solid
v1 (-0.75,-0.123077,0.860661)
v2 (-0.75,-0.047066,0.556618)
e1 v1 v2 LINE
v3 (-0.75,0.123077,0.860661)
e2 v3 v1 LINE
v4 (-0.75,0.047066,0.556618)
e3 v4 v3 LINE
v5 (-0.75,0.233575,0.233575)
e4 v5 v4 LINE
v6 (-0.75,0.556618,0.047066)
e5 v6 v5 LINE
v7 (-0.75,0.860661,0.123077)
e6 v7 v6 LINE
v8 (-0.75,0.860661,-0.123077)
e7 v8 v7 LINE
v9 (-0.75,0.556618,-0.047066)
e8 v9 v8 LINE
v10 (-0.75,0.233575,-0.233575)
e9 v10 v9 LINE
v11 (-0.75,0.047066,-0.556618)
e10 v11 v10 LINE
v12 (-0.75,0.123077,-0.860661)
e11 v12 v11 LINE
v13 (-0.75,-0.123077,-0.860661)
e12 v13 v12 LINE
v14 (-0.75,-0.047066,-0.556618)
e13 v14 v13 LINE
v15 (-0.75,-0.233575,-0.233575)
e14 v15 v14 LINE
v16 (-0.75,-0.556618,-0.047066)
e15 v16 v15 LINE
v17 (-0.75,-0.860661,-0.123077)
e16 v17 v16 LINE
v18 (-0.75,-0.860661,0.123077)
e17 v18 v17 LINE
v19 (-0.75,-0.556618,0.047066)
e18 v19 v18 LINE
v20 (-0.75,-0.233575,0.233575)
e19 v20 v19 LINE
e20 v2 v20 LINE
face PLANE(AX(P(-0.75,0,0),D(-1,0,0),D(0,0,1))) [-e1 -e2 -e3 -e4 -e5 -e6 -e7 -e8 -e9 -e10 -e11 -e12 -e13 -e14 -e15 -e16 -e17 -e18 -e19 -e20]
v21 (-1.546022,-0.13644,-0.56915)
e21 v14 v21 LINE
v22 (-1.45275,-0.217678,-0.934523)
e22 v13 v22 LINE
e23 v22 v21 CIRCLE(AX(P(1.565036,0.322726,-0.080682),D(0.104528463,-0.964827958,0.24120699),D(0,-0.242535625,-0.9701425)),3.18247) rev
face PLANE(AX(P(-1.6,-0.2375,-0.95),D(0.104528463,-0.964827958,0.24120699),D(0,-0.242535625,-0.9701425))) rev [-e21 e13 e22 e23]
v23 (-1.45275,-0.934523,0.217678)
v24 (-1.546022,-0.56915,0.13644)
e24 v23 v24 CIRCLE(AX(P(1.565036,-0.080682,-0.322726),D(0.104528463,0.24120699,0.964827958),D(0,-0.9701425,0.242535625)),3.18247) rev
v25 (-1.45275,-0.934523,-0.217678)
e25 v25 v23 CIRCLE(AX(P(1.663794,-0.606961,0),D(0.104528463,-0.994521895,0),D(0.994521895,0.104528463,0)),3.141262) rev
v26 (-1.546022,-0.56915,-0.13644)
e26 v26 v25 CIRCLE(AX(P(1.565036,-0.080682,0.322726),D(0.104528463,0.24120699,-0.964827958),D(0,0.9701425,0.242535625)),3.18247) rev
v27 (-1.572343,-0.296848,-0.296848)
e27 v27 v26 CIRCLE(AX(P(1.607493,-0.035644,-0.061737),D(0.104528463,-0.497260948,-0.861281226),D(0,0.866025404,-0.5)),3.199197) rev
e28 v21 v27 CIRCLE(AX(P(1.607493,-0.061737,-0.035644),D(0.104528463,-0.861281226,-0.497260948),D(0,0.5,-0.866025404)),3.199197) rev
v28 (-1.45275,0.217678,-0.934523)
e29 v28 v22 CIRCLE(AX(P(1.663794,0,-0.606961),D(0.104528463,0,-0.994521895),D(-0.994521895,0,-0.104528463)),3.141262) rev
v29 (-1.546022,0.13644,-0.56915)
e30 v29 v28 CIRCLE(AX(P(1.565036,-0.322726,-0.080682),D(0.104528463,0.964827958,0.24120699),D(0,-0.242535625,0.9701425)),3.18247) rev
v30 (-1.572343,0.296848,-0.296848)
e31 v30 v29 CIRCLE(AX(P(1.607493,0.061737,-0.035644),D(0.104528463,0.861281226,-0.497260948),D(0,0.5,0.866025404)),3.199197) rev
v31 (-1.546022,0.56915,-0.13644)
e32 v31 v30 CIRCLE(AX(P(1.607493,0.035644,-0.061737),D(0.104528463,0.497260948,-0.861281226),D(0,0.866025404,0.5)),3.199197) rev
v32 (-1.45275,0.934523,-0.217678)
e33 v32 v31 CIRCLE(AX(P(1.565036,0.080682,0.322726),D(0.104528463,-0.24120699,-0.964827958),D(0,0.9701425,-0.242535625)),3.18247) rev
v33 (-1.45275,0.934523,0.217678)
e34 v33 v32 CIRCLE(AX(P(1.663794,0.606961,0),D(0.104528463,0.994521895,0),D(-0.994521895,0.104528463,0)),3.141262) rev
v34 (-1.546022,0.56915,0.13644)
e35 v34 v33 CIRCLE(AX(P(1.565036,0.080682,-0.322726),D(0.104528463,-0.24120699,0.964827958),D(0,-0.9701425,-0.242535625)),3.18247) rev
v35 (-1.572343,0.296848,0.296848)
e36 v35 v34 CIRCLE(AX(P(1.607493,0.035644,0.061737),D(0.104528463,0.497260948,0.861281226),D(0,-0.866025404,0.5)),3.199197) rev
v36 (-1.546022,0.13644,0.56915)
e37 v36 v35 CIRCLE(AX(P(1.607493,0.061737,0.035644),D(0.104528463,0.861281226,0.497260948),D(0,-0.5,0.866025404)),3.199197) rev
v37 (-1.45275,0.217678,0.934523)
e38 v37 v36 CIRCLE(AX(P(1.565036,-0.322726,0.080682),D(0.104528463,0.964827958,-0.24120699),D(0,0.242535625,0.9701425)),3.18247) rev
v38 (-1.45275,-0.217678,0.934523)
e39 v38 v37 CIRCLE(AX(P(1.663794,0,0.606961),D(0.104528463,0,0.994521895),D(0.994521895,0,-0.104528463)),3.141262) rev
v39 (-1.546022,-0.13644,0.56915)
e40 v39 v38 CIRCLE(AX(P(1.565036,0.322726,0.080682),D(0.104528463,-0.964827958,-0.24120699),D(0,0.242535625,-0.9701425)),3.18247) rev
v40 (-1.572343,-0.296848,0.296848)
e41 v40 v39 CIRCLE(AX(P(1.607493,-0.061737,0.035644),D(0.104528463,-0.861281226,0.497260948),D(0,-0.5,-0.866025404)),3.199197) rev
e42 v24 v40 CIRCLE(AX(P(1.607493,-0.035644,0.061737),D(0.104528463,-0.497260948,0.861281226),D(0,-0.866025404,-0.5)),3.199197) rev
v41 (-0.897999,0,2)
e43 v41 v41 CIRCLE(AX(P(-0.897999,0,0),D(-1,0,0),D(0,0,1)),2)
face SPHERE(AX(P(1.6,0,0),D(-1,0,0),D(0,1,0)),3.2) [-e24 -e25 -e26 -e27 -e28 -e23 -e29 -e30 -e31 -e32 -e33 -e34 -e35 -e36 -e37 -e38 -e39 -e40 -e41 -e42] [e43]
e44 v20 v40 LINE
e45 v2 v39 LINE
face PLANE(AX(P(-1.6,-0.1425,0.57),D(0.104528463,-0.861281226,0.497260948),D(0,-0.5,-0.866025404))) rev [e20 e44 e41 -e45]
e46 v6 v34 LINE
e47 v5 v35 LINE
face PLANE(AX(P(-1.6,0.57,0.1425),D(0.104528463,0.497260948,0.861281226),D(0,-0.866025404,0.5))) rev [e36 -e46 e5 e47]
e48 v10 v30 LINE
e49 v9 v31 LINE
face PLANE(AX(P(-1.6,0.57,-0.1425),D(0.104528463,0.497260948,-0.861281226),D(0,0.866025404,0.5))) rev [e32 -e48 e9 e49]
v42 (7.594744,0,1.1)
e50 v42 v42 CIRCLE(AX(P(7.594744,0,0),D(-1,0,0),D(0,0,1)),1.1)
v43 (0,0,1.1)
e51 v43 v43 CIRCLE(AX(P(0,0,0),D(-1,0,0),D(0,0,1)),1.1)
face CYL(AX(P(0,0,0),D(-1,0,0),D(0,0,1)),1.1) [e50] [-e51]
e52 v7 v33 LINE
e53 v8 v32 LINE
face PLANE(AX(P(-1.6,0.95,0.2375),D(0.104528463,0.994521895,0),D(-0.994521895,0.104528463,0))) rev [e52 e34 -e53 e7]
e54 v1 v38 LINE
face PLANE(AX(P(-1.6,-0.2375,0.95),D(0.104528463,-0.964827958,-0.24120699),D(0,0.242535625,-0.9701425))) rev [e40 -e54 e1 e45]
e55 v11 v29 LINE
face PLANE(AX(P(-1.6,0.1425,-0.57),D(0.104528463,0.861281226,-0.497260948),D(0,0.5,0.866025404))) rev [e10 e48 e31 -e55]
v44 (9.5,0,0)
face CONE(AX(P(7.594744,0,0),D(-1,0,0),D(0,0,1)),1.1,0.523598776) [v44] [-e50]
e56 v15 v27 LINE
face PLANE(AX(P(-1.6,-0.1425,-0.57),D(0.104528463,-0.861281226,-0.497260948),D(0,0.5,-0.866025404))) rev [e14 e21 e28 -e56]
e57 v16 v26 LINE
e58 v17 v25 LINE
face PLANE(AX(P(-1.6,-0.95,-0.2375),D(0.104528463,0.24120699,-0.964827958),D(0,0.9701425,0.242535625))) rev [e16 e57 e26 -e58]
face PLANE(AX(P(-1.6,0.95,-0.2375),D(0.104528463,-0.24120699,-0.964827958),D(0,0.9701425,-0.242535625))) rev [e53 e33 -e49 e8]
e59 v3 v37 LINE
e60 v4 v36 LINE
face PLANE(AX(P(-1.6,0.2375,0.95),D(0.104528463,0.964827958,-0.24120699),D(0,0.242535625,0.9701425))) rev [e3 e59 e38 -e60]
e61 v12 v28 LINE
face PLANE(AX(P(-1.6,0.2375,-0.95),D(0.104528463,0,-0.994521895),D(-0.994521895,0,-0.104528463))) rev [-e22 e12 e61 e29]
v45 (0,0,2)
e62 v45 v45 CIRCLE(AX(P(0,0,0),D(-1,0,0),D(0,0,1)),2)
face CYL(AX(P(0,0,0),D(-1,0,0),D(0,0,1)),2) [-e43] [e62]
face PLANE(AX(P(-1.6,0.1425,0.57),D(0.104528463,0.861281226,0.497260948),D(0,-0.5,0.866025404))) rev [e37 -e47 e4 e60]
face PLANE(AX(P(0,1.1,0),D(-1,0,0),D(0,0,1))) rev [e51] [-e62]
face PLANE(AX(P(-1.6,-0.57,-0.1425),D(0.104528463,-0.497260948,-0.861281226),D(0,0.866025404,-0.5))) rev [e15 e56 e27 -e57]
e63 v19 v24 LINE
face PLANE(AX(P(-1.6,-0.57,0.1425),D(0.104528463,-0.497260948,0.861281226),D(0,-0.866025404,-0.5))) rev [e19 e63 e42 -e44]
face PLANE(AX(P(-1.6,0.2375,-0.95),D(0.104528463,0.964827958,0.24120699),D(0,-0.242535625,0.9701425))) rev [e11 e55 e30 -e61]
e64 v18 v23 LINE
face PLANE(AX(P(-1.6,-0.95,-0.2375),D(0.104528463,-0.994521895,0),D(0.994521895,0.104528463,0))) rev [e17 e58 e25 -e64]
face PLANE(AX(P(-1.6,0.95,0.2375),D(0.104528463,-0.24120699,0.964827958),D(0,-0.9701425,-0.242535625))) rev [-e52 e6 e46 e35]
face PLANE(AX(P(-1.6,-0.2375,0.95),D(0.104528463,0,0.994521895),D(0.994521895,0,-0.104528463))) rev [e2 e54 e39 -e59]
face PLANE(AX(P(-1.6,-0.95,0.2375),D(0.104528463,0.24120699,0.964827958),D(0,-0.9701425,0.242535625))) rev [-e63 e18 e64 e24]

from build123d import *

# Parameters (mm, degrees)
CHAMFER1_SIZE      = 0.22
CHAMFER1_SIZE2     = 0.381051178
CUT_EXTRUDE1_DEPTH = 0.85
CUT_EXTRUDE1_TAPER = 6


with BuildPart() as part:
    # Sketch1 → Revolve1 (revolve)
    with BuildSketch(Plane.XY, mode=Mode.PRIVATE) as revolve1_sk:
        with BuildLine():
            Line((0, 2), (-0.897999199, 2))
            ThreePointArc((-0.897999199, 2), (-1.419403703, 1.059811908), (-1.6, 0))
            Line((-1.6, 0), (9.5, 0))
            Line((9.5, 0), (9.5, 1.1))
            Line((9.5, 1.1), (0, 1.1))
            Line((0, 1.1), (0, 2))
        make_face()
    revolve(revolve1_sk.sketch.rotate(Axis((0, 0, 0), (1, 0, 0)), 90), axis=Axis((0, 0, 0), (1, 0, 0)))

    # Chamfer1
    chamfer1_edges = [part.edges().sort_by_distance(p)[0] for p in [
        (9.5, 0, -1.1),
    ]]
    chamfer1_side = [part.faces().sort_by_distance(p)[0] for p in [
        (9.5, 0, 0),
    ]]
    chamfer(chamfer1_edges, length=CHAMFER1_SIZE, length2=CHAMFER1_SIZE2, reference=chamfer1_side[0])

    # Sketch2 → EndCone (revolve, cut)
    with BuildSketch(Plane.XY, mode=Mode.PRIVATE) as endcone_sk:
        Polygon((9.5, 0), (7.594744112, 1.1), (7.594744112, 1.2), (9.6, 1.2), (9.6, 0), align=None)
    revolve(endcone_sk.sketch.rotate(Axis((0, 0, 0), (1, 0, 0)), 90), axis=Axis((0, 0, 0), (1, 0, 0)), mode=Mode.SUBTRACT)

    # Sketch3 → Cut-Extrude1 (cut)
    with BuildSketch(Plane(origin=(-1.6, 0, 0), x_dir=(0, 0, -1), z_dir=(1, 0, 0))):
        Polygon((-0.2375, 0.95), (-0.1425, 0.57), (-0.29897586, 0.29897586), (-0.57, 0.1425), (-0.95, 0.2375), (-0.95, -0.2375), (-0.57, -0.1425), (-0.29897586, -0.29897586), (-0.1425, -0.57), (-0.2375, -0.95), (0.2375, -0.95), (0.1425, -0.57), (0.29897586, -0.29897586), (0.57, -0.1425), (0.95, -0.2375), (0.95, 0.2375), (0.57, 0.1425), (0.29897586, 0.29897586), (0.1425, 0.57), (0.2375, 0.95), align=None)
    extrude(amount=CUT_EXTRUDE1_DEPTH, taper=CUT_EXTRUDE1_TAPER, mode=Mode.SUBTRACT)


solid = part.part
